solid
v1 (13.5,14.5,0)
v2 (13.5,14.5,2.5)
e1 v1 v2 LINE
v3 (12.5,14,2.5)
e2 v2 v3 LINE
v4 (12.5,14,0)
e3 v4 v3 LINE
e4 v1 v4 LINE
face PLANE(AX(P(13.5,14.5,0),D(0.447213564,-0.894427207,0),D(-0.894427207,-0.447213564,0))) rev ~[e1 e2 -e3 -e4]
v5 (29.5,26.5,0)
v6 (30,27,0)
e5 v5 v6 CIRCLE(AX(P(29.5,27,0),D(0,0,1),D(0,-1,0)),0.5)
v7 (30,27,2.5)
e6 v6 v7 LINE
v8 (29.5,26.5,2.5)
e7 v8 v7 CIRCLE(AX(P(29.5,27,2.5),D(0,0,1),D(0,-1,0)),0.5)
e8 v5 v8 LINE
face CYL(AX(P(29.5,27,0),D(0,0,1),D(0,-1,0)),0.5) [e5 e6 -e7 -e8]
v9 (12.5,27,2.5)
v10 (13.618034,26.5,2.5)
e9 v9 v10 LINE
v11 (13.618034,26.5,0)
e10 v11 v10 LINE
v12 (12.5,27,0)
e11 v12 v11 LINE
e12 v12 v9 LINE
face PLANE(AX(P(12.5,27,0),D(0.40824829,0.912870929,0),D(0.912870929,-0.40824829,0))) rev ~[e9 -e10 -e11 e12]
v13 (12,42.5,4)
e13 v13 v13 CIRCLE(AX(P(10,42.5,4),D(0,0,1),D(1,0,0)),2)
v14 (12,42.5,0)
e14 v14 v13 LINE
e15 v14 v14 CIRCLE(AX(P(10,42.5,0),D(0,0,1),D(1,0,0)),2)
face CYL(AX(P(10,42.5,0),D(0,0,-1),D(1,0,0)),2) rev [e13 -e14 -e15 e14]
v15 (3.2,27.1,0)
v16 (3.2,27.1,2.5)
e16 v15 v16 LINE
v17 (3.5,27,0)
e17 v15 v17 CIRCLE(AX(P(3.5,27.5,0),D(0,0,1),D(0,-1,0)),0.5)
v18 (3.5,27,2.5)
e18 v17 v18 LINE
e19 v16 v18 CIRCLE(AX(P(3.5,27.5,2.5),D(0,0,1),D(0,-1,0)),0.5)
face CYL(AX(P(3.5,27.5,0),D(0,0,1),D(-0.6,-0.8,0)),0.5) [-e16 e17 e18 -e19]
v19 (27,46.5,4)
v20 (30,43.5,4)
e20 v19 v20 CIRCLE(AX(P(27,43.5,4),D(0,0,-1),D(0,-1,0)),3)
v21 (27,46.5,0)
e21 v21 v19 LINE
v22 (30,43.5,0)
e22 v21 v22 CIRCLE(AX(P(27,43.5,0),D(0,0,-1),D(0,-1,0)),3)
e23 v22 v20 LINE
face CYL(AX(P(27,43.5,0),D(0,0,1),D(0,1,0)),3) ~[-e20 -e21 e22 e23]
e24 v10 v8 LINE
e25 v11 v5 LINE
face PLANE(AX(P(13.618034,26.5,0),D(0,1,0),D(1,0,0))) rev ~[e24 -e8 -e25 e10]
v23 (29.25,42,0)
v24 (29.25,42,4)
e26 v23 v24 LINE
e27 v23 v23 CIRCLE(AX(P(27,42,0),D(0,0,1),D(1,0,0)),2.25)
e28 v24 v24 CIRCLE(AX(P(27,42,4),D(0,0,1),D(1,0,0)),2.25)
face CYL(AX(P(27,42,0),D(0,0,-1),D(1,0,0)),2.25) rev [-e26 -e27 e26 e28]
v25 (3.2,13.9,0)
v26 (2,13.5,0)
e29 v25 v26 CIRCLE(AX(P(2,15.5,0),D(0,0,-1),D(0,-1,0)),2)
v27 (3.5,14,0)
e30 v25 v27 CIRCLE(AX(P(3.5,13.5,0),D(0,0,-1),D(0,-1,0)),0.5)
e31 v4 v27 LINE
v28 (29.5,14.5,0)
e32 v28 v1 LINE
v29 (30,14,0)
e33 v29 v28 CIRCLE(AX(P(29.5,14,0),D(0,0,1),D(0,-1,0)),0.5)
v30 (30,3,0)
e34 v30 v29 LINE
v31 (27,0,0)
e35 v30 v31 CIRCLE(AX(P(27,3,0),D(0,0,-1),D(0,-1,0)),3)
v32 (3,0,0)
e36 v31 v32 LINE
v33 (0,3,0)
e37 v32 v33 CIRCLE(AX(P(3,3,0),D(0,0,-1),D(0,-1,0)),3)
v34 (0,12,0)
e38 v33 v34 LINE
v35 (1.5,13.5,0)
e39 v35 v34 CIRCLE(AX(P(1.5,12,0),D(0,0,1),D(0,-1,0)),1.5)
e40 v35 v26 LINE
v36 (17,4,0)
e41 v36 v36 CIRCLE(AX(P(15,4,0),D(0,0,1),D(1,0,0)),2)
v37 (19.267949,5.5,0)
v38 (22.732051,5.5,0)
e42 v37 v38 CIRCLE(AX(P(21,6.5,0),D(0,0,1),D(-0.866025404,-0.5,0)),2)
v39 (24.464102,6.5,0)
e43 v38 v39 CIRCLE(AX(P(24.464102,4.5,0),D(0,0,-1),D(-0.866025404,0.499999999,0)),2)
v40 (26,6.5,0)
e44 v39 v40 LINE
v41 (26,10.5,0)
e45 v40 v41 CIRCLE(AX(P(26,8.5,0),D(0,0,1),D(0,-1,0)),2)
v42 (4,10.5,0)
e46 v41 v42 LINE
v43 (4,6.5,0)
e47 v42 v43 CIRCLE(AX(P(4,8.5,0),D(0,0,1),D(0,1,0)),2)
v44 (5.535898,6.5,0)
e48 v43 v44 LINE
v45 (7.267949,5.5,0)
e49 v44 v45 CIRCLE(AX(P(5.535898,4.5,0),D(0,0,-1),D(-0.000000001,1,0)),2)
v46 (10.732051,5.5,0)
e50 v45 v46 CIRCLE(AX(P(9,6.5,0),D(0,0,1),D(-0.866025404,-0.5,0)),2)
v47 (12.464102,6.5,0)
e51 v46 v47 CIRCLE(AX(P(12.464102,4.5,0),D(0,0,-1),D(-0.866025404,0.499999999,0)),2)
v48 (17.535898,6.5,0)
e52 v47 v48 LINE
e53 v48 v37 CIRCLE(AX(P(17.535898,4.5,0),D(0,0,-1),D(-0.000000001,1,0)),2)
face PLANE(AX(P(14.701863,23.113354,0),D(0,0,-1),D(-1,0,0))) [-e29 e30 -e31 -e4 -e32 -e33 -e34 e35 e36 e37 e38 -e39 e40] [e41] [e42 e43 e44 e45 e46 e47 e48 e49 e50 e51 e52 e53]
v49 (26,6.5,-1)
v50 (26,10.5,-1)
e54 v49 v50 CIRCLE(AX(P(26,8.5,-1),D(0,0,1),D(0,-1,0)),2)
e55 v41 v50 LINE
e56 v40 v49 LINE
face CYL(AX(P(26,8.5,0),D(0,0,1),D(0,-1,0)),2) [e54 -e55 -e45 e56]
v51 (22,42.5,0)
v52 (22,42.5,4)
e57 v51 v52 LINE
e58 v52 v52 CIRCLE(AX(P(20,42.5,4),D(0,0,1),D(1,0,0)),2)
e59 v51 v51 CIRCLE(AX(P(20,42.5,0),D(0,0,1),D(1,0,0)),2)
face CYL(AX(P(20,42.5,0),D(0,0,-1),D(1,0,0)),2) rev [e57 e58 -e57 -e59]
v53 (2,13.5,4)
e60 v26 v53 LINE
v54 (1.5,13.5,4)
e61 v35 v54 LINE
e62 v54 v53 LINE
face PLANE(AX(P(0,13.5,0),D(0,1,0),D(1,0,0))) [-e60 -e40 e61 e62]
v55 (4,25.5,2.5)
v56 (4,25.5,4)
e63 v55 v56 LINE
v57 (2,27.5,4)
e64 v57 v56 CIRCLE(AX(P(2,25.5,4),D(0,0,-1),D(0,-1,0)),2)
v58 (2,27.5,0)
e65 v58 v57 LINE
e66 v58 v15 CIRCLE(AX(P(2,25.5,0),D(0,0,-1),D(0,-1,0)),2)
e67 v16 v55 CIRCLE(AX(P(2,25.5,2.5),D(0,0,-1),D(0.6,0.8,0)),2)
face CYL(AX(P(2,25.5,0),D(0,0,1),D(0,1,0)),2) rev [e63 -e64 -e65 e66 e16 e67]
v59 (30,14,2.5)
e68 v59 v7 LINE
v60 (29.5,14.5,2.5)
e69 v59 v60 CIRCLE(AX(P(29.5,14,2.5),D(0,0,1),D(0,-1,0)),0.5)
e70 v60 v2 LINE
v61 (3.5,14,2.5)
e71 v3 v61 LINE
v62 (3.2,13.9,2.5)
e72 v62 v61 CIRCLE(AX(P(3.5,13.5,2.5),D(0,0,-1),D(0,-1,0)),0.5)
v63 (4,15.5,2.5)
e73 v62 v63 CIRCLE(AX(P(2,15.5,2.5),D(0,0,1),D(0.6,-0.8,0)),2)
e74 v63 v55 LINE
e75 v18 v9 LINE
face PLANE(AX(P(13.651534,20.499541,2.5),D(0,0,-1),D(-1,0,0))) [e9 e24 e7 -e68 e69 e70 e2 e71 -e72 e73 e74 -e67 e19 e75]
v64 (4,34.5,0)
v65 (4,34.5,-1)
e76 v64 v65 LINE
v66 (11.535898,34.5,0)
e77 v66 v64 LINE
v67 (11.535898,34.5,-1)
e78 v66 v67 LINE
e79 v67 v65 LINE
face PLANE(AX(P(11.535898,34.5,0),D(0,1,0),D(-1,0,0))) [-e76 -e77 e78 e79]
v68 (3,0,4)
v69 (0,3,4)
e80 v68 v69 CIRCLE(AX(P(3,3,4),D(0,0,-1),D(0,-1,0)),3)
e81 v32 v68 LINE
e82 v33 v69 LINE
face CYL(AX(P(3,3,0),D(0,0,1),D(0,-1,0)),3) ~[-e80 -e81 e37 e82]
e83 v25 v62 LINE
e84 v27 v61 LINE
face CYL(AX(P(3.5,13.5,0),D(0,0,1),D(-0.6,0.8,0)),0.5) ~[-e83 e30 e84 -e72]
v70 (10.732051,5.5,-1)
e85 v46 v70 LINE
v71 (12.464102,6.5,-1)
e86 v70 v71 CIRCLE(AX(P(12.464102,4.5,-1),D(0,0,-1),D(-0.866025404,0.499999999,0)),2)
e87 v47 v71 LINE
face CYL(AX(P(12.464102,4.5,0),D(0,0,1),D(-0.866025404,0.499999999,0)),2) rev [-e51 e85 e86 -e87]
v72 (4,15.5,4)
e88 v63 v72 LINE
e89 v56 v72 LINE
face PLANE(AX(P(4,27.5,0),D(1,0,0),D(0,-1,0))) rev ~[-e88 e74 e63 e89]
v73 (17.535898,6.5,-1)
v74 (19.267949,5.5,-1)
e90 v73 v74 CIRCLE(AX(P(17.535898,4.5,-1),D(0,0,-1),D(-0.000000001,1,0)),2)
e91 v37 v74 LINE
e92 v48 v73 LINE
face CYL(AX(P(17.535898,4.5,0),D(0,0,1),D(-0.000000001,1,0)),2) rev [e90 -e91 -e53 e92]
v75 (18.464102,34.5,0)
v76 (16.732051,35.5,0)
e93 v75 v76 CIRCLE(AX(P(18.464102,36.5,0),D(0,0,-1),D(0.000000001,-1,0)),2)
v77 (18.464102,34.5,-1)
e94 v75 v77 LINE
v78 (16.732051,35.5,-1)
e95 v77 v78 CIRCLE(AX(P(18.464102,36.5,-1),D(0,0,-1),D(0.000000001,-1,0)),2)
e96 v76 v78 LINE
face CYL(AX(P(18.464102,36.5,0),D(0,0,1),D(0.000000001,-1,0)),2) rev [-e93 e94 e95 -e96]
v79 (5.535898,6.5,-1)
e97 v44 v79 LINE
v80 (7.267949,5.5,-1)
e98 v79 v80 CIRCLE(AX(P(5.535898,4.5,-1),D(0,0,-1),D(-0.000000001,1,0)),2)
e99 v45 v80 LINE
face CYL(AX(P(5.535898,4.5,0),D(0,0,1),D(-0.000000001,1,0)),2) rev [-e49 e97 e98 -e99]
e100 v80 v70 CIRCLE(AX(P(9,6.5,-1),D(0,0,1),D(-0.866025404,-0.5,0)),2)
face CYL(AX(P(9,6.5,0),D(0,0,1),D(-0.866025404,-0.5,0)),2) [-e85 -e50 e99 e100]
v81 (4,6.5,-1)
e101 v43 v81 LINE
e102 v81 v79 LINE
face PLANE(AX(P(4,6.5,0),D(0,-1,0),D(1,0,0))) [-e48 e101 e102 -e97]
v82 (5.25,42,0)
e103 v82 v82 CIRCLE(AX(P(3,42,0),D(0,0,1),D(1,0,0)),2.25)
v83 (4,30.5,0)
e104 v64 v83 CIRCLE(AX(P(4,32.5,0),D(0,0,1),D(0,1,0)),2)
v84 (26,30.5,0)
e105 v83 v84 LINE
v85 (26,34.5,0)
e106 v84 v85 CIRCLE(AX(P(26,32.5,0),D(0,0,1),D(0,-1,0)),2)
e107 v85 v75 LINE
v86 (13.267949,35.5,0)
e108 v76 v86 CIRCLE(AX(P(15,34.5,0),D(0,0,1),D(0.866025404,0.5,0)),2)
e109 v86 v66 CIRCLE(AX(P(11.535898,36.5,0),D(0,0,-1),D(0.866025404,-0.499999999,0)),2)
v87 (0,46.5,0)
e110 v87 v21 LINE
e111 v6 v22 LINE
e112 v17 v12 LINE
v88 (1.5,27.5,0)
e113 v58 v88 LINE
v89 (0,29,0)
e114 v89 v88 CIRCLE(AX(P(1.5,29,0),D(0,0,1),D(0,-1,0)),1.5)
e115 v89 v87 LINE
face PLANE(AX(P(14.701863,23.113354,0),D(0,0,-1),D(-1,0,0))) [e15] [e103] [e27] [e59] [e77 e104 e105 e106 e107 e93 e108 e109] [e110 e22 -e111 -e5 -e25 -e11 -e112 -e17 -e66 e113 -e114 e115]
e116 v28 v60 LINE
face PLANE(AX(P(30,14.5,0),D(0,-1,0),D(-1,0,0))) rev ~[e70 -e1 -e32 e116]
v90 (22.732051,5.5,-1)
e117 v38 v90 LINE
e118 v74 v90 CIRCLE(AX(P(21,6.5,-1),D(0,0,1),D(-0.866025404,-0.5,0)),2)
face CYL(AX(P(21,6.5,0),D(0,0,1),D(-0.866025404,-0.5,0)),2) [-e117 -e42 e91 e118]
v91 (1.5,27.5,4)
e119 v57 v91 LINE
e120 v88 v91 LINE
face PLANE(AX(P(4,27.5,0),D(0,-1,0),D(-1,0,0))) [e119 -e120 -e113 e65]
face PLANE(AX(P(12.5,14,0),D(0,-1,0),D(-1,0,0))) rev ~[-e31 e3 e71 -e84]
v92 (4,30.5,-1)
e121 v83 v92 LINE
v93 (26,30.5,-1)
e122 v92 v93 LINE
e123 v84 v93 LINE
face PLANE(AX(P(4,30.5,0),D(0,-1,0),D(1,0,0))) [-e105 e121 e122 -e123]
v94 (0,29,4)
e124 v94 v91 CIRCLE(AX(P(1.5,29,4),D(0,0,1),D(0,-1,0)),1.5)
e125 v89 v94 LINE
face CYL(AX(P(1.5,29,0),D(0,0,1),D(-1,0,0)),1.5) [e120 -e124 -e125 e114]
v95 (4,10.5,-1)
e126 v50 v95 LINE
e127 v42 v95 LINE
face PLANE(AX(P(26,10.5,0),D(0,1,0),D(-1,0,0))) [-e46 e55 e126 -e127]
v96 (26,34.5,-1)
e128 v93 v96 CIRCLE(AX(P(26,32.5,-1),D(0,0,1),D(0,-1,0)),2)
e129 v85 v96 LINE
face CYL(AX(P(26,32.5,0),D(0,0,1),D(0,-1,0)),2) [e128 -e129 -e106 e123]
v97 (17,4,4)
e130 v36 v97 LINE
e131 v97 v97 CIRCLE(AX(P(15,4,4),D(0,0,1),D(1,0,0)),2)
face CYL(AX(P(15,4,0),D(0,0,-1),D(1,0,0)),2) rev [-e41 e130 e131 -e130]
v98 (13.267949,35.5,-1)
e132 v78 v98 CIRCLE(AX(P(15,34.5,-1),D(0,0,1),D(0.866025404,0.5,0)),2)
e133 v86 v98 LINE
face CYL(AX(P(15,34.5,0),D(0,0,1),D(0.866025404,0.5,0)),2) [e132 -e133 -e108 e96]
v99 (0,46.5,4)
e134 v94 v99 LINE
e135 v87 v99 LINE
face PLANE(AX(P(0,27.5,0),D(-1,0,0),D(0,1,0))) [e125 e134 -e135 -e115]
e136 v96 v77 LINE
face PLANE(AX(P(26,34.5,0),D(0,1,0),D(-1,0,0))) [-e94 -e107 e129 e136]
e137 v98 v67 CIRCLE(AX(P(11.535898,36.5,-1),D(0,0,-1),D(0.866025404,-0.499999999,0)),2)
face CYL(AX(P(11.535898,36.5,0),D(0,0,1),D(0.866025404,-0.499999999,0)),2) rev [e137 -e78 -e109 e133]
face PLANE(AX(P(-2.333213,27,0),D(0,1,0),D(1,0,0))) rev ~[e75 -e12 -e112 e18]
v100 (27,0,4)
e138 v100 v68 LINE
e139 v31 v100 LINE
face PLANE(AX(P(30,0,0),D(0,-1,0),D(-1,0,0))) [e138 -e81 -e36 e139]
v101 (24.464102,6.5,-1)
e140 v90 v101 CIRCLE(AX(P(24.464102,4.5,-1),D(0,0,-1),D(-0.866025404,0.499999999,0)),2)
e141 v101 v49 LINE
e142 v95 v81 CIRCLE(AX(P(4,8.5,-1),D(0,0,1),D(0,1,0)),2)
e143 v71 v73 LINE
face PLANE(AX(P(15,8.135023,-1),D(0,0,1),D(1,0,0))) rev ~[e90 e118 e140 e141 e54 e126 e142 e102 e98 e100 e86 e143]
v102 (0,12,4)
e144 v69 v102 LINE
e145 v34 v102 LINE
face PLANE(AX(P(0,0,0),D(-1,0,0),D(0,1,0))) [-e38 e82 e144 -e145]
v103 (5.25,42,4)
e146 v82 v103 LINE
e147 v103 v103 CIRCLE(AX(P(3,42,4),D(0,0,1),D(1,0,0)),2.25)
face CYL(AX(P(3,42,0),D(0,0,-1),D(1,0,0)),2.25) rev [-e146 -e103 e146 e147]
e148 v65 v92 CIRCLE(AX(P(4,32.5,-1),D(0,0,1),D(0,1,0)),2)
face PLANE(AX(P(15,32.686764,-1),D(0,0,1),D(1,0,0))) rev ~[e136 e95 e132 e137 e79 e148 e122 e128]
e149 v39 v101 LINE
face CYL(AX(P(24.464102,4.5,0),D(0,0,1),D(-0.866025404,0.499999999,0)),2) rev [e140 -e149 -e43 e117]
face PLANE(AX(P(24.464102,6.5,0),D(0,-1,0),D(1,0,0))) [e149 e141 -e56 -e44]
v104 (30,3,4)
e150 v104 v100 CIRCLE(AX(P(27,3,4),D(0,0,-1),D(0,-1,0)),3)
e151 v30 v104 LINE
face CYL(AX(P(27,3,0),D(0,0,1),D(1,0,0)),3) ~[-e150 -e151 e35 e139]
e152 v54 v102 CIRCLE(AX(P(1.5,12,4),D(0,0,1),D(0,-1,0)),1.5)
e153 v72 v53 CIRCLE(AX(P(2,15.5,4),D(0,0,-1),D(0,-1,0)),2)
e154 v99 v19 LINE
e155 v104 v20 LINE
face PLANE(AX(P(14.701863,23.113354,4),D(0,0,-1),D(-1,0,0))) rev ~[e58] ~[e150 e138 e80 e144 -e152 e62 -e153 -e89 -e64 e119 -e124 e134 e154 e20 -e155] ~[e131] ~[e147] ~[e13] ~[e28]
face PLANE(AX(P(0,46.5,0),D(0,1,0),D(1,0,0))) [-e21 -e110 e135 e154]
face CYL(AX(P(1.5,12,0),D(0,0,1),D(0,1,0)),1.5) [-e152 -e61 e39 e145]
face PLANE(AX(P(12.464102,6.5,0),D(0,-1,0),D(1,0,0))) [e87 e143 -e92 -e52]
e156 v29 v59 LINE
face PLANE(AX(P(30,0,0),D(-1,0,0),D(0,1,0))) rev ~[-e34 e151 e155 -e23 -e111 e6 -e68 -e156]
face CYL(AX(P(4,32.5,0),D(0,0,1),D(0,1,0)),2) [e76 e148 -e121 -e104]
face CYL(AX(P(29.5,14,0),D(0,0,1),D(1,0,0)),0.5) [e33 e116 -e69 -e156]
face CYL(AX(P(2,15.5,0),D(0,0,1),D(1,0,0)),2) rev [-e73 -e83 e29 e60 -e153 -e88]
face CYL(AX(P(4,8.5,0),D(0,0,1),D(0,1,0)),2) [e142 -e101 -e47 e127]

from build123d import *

# Parameters (mm, degrees)
SKETCH1_R           = 2
SKETCH1_R_2         = 2.25
BOSS_EXTRUDE1_DEPTH = 4
FILLET2_R           = 1.5
FILLET3_R           = 2
FILLET5_R           = 3
BOSS_EXTRUDE2_DEPTH = 1
CUT_EXTRUDE1_DEPTH  = 2.5
FILLET6_R           = 0.5


with BuildPart() as part:
    # Sketch1 → Boss-Extrude1 (new body)
    with BuildSketch(Plane.XY):
        Polygon((0, 27.5), (0, 46.5), (30, 46.5), (30, 25), (30, 16), (30, 0), (0, 0), (0, 13.5), (4, 13.5), (4, 15), (4, 26), (4, 27.5), align=None)
        with Locations((20, 42.5)):
            Circle(SKETCH1_R, mode=Mode.SUBTRACT)
        with Locations((15, 4)):
            Circle(SKETCH1_R, mode=Mode.SUBTRACT)
        with Locations((10, 42.5)):
            Circle(SKETCH1_R, mode=Mode.SUBTRACT)
        with Locations((3, 42)):
            Circle(SKETCH1_R_2, mode=Mode.SUBTRACT)
        with Locations((27, 42)):
            Circle(SKETCH1_R_2, mode=Mode.SUBTRACT)
    extrude(amount=BOSS_EXTRUDE1_DEPTH)

    # Fillet2
    fillet2_edges = [part.edges().sort_by_distance(p)[0] for p in [
        (0, 27.5, 2),
        (0, 13.5, 2),
    ]]
    fillet(fillet2_edges, radius=FILLET2_R)

    # Fillet3
    fillet3_edges = [part.edges().sort_by_distance(p)[0] for p in [
        (4, 27.5, 2),
        (4, 13.5, 2),
    ]]
    fillet(fillet3_edges, radius=FILLET3_R)

    # Fillet5
    fillet5_edges = [part.edges().sort_by_distance(p)[0] for p in [
        (30, 46.5, 2),
        (30, 0, 2),
        (0, 0, 2),
    ]]
    fillet(fillet5_edges, radius=FILLET5_R)

    # Sketch2 → Boss-Extrude2 (add)
    with BuildSketch(Plane(origin=(0, 0, 0), x_dir=(-1, 0, 0), z_dir=(0, 0, -1))):
        with BuildLine():
            Line((-26, 34.5), (-18.464101615, 34.5))
            ThreePointArc((-18.464101615, 34.5), (-17.464101615, 34.767949192), (-16.732050808, 35.5))
            ThreePointArc((-16.732050808, 35.5), (-15, 36.5), (-13.267949192, 35.5))
            ThreePointArc((-13.267949192, 35.5), (-12.535898385, 34.767949192), (-11.535898385, 34.5))
            Line((-11.535898385, 34.5), (-4, 34.5))
            ThreePointArc((-4, 34.5), (-2, 32.5), (-4, 30.5))
            Line((-4, 30.5), (-26, 30.5))
            ThreePointArc((-26, 30.5), (-28, 32.5), (-26, 34.5))
        make_face()
        with BuildLine():
            Line((-26, 10.5), (-4, 10.5))
            ThreePointArc((-4, 10.5), (-2, 8.5), (-4, 6.5))
            Line((-4, 6.5), (-5.535898385, 6.5))
            ThreePointArc((-5.535898385, 6.5), (-6.535898385, 6.232050808), (-7.267949192, 5.5))
            ThreePointArc((-7.267949192, 5.5), (-9, 4.5), (-10.732050808, 5.5))
            ThreePointArc((-10.732050808, 5.5), (-11.464101615, 6.232050808), (-12.464101615, 6.5))
            Line((-12.464101615, 6.5), (-17.535898385, 6.5))
            ThreePointArc((-17.535898385, 6.5), (-18.535898385, 6.232050808), (-19.267949192, 5.5))
            ThreePointArc((-19.267949192, 5.5), (-21, 4.5), (-22.732050808, 5.5))
            ThreePointArc((-22.732050808, 5.5), (-23.464101615, 6.232050808), (-24.464101615, 6.5))
            Line((-24.464101615, 6.5), (-26, 6.5))
            ThreePointArc((-26, 6.5), (-28, 8.5), (-26, 10.5))
        make_face()
    extrude(amount=BOSS_EXTRUDE2_DEPTH)

    # Sketch3 → Cut-Extrude1 (cut)
    with BuildSketch(Plane(origin=(0, 0, 0), x_dir=(-1, 0, 0), z_dir=(0, 0, -1))):
        Polygon((2.333212821, 27), (-12.5, 27), (-13.618033989, 26.5), (-30, 26.5), (-30, 14.5), (-13.5, 14.5), (-12.499999912, 14), (2.333212821, 14), align=None)
    extrude(amount=-CUT_EXTRUDE1_DEPTH, mode=Mode.SUBTRACT)

    # Fillet6
    fillet6_edges = [part.edges().sort_by_distance(p)[0] for p in [
        (3.322875656, 27, 1.25),
        (3.322875656, 14, 1.25),
        (30, 14.5, 1.25),
        (30, 26.5, 1.25),
    ]]
    fillet(fillet6_edges, radius=FILLET6_R)


solid = part.part
